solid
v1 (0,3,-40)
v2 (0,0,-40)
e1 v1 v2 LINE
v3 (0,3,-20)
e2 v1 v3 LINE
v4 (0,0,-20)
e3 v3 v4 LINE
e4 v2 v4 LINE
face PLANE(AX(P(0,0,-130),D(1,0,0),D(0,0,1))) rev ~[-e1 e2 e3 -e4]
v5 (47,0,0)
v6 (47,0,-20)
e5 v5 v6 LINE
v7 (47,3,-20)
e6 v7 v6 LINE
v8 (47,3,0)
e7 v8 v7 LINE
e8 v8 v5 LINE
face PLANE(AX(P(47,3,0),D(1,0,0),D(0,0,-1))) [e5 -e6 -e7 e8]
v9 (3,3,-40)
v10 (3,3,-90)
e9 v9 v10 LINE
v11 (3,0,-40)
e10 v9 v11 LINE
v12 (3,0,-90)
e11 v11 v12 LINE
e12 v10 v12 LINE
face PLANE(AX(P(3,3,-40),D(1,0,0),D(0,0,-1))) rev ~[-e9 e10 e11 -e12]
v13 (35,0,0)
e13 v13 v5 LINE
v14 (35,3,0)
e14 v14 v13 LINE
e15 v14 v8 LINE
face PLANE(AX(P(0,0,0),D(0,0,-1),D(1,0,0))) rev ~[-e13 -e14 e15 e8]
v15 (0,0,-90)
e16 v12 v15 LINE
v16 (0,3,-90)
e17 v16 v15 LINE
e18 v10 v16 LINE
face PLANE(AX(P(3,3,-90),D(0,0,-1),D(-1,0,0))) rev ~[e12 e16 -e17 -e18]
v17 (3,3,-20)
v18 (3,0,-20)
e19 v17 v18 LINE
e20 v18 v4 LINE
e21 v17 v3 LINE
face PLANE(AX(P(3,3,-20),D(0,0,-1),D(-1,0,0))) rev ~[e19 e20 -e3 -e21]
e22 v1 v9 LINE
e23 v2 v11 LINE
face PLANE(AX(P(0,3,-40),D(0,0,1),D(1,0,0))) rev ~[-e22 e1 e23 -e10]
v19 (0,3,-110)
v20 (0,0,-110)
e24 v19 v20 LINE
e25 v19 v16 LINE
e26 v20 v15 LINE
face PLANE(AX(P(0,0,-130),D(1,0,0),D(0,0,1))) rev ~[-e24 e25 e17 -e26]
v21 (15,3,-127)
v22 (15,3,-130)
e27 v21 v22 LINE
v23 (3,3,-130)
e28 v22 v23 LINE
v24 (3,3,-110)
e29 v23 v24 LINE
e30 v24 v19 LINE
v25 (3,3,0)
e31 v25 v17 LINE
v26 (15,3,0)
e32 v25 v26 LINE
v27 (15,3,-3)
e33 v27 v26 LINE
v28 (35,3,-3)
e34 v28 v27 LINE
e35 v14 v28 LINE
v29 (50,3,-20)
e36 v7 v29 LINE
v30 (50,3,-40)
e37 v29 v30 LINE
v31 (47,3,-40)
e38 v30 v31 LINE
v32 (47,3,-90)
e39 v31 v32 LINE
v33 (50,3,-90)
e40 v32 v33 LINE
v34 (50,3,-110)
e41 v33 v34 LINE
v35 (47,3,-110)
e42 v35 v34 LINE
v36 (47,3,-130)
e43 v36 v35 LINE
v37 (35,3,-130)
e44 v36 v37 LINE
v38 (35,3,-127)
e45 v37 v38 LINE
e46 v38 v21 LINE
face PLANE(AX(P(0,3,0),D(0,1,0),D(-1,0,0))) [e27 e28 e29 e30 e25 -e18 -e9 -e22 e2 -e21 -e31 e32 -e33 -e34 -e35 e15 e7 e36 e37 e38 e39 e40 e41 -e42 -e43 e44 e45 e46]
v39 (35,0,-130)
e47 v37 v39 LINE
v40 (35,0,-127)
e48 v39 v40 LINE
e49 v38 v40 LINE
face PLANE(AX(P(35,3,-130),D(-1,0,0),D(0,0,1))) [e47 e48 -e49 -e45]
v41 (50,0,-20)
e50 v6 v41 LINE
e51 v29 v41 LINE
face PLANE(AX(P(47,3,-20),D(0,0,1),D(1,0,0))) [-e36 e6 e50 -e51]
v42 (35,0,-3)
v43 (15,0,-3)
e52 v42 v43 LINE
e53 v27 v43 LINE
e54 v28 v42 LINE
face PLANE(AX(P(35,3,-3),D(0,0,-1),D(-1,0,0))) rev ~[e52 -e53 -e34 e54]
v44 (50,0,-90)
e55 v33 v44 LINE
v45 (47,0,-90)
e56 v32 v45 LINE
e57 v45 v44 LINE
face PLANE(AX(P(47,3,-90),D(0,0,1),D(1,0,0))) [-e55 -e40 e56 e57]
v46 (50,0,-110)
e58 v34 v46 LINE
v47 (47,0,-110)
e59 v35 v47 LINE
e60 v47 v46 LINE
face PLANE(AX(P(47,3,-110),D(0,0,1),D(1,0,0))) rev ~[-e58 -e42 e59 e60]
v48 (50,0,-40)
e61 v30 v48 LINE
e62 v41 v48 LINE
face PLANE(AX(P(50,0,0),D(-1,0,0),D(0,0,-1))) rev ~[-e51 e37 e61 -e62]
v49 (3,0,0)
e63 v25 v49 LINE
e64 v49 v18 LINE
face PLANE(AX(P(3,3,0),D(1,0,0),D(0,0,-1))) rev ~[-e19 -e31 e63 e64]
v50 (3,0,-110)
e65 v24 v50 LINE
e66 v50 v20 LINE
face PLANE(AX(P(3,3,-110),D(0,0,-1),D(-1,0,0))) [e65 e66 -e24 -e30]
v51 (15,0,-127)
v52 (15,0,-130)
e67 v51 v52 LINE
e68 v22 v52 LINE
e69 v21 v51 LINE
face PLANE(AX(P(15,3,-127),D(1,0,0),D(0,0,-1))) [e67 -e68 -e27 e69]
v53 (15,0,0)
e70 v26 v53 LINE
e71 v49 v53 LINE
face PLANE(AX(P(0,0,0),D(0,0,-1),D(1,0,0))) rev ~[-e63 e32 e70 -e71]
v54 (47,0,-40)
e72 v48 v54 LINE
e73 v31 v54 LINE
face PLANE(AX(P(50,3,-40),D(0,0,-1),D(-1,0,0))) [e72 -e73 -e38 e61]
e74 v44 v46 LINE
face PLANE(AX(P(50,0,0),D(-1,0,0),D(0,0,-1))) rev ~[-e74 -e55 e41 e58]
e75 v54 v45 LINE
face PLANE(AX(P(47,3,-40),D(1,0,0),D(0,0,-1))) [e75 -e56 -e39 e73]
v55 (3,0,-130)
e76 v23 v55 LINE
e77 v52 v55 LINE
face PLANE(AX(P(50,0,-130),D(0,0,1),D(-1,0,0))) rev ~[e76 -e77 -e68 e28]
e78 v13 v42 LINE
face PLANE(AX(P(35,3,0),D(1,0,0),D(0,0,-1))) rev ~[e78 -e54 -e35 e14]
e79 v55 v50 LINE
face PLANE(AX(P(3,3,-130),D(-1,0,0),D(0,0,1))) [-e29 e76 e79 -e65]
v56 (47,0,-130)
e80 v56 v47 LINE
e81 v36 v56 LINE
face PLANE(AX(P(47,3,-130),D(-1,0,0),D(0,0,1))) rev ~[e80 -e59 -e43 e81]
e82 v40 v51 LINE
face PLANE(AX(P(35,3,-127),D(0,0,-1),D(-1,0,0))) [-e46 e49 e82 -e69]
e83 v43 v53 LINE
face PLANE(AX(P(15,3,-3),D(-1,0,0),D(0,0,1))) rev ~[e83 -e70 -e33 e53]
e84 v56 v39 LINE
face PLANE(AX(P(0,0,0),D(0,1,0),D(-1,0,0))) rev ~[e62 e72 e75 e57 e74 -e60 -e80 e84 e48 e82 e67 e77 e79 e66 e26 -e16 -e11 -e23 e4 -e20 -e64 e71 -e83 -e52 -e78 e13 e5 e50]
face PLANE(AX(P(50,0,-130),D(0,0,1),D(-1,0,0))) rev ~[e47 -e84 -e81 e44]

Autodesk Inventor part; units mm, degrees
ref_plane "YZ Plane" through (0, 0, 0) normal (1, 0, 0) x (0, 1, 0)
ref_plane "XZ Plane" through (0, 0, 0) normal (0, 1, 0) x (-1, 0, 0)
ref_plane "XY Plane" through (0, 0, 0) normal (0, 0, 1) x (1, 0, 0)
sketch "Sketch1" plane through (0, 0, 0) normal (0, 1, 0) x (-1, 0, 0)
  line L0 (0, 0) -> (-50, 0)
  line L1 (-50, 0) -> (-50, -130)
  line L2 (-50, -130) -> (0, -130)
  line L3 (0, -130) -> (0, 0)
  dimension "d0" = 130
  dimension "d1" = 50
extrude "Base" add sketch "Sketch1" along normal blind 3
sketch "Sketch2" plane through (0, 3, 0) normal (0, 1, 0) x (1, 0, 0)
  line L0 (0, 0) -> (50, 0) projected
  line L1 (50, 130) -> (0, 130) projected
  line L2 (0, 0) -> (3, 0)
  line L3 (3, 130) -> (0, 130)
  line L4 (0, 130) -> (0, 0)
  line L5 (0, 130) -> (0, 0) projected
  line L6 (0, 0) -> (3, 0)
  line L7 (3, 0) -> (3, 20)
  line L8 (3, 20) -> (0, 20)
  line L9 (0, 20) -> (0, 0)
  line L10 (0, 130) -> (3, 130)
  line L11 (3, 130) -> (3, 110)
  line L12 (3, 110) -> (0, 110)
  line L13 (0, 110) -> (0, 130)
  line L14 (0, 40) -> (3, 40)
  line L15 (3, 40) -> (3, 90)
  line L16 (3, 90) -> (0, 90)
  line L17 (0, 90) -> (0, 40)
  line L18 (25, 0) -> (25, 130) construction
  line L19 (50, 0) -> (47, 0)
  line L20 (47, 130) -> (50, 130)
  line L21 (50, 130) -> (50, 0)
  line L22 (50, 130) -> (50, 0)
  line L23 (50, 0) -> (47, 0)
  line L24 (47, 0) -> (47, 20)
  line L25 (47, 20) -> (50, 20)
  line L26 (50, 20) -> (50, 0)
  line L27 (50, 130) -> (47, 130)
  line L28 (47, 130) -> (47, 110)
  line L29 (47, 110) -> (50, 110)
  line L30 (50, 110) -> (50, 130)
  line L31 (50, 40) -> (47, 40)
  line L32 (47, 40) -> (47, 90)
  line L33 (47, 90) -> (50, 90)
  line L34 (50, 90) -> (50, 40)
  line L35 (15, 0) -> (35, 0)
  line L36 (35, 0) -> (35, 3)
  line L37 (35, 3) -> (15, 3)
  line L38 (15, 3) -> (15, 0)
  line L39 (0, 65) -> (50, 65) construction
  line L40 (50, 0) -> (50, 130) projected
  line L41 (35, 130) -> (35, 127)
  line L42 (35, 127) -> (15, 127)
  line L43 (15, 127) -> (15, 130)
  point P0 (0, 20)
  point P1 (0, 110)
  point P2 (0, 130)
  point P3 (0, 90)
  point P4 (0, 40)
  point P5 (15, 130)
  dimension "d10" = 20
  dimension "d11" = 20
  dimension "d12" = 20
  dimension "d13" = 20
  dimension "d14" = 50
  dimension "d15" = 3
  dimension "VerticalTab" = 20
  dimension "d19" = 10
  dimension "d20" = 3
extrude "Tabs" cut sketch "Sketch2" against normal through all contours L4 L8 L7 L0 | L38 L37 L36 L0 | L4 L16 L15 L14 | L24 L25 L21 L0 | L4 L1 L11 L12 | L31 L32 L33 L21 | L1 L41 L42 L43 | L29 L28 L1 L21
equation "\"d0\" = Length"
equation "\"d2\" = Thickness"
equation "\"d10\" = LengthTabOffset"
equation "\"d11\" = LengthTabOffset"
equation "\"d12\" = BaseTabWidth"
equation "\"d13\" = BaseTabWidth"
equation "\"d15\" = Thickness"
equation "\"d19\" = 0.5 * VerticalTab"
equation "\"d20\" = d15"
equation "\"Length\" = 130"
equation "\"Thickness\" = 3"
equation "\"LengthTabOffset\" = 20"
equation "\"BaseTabWidth\" = 20"
properties part number "LongSide"
